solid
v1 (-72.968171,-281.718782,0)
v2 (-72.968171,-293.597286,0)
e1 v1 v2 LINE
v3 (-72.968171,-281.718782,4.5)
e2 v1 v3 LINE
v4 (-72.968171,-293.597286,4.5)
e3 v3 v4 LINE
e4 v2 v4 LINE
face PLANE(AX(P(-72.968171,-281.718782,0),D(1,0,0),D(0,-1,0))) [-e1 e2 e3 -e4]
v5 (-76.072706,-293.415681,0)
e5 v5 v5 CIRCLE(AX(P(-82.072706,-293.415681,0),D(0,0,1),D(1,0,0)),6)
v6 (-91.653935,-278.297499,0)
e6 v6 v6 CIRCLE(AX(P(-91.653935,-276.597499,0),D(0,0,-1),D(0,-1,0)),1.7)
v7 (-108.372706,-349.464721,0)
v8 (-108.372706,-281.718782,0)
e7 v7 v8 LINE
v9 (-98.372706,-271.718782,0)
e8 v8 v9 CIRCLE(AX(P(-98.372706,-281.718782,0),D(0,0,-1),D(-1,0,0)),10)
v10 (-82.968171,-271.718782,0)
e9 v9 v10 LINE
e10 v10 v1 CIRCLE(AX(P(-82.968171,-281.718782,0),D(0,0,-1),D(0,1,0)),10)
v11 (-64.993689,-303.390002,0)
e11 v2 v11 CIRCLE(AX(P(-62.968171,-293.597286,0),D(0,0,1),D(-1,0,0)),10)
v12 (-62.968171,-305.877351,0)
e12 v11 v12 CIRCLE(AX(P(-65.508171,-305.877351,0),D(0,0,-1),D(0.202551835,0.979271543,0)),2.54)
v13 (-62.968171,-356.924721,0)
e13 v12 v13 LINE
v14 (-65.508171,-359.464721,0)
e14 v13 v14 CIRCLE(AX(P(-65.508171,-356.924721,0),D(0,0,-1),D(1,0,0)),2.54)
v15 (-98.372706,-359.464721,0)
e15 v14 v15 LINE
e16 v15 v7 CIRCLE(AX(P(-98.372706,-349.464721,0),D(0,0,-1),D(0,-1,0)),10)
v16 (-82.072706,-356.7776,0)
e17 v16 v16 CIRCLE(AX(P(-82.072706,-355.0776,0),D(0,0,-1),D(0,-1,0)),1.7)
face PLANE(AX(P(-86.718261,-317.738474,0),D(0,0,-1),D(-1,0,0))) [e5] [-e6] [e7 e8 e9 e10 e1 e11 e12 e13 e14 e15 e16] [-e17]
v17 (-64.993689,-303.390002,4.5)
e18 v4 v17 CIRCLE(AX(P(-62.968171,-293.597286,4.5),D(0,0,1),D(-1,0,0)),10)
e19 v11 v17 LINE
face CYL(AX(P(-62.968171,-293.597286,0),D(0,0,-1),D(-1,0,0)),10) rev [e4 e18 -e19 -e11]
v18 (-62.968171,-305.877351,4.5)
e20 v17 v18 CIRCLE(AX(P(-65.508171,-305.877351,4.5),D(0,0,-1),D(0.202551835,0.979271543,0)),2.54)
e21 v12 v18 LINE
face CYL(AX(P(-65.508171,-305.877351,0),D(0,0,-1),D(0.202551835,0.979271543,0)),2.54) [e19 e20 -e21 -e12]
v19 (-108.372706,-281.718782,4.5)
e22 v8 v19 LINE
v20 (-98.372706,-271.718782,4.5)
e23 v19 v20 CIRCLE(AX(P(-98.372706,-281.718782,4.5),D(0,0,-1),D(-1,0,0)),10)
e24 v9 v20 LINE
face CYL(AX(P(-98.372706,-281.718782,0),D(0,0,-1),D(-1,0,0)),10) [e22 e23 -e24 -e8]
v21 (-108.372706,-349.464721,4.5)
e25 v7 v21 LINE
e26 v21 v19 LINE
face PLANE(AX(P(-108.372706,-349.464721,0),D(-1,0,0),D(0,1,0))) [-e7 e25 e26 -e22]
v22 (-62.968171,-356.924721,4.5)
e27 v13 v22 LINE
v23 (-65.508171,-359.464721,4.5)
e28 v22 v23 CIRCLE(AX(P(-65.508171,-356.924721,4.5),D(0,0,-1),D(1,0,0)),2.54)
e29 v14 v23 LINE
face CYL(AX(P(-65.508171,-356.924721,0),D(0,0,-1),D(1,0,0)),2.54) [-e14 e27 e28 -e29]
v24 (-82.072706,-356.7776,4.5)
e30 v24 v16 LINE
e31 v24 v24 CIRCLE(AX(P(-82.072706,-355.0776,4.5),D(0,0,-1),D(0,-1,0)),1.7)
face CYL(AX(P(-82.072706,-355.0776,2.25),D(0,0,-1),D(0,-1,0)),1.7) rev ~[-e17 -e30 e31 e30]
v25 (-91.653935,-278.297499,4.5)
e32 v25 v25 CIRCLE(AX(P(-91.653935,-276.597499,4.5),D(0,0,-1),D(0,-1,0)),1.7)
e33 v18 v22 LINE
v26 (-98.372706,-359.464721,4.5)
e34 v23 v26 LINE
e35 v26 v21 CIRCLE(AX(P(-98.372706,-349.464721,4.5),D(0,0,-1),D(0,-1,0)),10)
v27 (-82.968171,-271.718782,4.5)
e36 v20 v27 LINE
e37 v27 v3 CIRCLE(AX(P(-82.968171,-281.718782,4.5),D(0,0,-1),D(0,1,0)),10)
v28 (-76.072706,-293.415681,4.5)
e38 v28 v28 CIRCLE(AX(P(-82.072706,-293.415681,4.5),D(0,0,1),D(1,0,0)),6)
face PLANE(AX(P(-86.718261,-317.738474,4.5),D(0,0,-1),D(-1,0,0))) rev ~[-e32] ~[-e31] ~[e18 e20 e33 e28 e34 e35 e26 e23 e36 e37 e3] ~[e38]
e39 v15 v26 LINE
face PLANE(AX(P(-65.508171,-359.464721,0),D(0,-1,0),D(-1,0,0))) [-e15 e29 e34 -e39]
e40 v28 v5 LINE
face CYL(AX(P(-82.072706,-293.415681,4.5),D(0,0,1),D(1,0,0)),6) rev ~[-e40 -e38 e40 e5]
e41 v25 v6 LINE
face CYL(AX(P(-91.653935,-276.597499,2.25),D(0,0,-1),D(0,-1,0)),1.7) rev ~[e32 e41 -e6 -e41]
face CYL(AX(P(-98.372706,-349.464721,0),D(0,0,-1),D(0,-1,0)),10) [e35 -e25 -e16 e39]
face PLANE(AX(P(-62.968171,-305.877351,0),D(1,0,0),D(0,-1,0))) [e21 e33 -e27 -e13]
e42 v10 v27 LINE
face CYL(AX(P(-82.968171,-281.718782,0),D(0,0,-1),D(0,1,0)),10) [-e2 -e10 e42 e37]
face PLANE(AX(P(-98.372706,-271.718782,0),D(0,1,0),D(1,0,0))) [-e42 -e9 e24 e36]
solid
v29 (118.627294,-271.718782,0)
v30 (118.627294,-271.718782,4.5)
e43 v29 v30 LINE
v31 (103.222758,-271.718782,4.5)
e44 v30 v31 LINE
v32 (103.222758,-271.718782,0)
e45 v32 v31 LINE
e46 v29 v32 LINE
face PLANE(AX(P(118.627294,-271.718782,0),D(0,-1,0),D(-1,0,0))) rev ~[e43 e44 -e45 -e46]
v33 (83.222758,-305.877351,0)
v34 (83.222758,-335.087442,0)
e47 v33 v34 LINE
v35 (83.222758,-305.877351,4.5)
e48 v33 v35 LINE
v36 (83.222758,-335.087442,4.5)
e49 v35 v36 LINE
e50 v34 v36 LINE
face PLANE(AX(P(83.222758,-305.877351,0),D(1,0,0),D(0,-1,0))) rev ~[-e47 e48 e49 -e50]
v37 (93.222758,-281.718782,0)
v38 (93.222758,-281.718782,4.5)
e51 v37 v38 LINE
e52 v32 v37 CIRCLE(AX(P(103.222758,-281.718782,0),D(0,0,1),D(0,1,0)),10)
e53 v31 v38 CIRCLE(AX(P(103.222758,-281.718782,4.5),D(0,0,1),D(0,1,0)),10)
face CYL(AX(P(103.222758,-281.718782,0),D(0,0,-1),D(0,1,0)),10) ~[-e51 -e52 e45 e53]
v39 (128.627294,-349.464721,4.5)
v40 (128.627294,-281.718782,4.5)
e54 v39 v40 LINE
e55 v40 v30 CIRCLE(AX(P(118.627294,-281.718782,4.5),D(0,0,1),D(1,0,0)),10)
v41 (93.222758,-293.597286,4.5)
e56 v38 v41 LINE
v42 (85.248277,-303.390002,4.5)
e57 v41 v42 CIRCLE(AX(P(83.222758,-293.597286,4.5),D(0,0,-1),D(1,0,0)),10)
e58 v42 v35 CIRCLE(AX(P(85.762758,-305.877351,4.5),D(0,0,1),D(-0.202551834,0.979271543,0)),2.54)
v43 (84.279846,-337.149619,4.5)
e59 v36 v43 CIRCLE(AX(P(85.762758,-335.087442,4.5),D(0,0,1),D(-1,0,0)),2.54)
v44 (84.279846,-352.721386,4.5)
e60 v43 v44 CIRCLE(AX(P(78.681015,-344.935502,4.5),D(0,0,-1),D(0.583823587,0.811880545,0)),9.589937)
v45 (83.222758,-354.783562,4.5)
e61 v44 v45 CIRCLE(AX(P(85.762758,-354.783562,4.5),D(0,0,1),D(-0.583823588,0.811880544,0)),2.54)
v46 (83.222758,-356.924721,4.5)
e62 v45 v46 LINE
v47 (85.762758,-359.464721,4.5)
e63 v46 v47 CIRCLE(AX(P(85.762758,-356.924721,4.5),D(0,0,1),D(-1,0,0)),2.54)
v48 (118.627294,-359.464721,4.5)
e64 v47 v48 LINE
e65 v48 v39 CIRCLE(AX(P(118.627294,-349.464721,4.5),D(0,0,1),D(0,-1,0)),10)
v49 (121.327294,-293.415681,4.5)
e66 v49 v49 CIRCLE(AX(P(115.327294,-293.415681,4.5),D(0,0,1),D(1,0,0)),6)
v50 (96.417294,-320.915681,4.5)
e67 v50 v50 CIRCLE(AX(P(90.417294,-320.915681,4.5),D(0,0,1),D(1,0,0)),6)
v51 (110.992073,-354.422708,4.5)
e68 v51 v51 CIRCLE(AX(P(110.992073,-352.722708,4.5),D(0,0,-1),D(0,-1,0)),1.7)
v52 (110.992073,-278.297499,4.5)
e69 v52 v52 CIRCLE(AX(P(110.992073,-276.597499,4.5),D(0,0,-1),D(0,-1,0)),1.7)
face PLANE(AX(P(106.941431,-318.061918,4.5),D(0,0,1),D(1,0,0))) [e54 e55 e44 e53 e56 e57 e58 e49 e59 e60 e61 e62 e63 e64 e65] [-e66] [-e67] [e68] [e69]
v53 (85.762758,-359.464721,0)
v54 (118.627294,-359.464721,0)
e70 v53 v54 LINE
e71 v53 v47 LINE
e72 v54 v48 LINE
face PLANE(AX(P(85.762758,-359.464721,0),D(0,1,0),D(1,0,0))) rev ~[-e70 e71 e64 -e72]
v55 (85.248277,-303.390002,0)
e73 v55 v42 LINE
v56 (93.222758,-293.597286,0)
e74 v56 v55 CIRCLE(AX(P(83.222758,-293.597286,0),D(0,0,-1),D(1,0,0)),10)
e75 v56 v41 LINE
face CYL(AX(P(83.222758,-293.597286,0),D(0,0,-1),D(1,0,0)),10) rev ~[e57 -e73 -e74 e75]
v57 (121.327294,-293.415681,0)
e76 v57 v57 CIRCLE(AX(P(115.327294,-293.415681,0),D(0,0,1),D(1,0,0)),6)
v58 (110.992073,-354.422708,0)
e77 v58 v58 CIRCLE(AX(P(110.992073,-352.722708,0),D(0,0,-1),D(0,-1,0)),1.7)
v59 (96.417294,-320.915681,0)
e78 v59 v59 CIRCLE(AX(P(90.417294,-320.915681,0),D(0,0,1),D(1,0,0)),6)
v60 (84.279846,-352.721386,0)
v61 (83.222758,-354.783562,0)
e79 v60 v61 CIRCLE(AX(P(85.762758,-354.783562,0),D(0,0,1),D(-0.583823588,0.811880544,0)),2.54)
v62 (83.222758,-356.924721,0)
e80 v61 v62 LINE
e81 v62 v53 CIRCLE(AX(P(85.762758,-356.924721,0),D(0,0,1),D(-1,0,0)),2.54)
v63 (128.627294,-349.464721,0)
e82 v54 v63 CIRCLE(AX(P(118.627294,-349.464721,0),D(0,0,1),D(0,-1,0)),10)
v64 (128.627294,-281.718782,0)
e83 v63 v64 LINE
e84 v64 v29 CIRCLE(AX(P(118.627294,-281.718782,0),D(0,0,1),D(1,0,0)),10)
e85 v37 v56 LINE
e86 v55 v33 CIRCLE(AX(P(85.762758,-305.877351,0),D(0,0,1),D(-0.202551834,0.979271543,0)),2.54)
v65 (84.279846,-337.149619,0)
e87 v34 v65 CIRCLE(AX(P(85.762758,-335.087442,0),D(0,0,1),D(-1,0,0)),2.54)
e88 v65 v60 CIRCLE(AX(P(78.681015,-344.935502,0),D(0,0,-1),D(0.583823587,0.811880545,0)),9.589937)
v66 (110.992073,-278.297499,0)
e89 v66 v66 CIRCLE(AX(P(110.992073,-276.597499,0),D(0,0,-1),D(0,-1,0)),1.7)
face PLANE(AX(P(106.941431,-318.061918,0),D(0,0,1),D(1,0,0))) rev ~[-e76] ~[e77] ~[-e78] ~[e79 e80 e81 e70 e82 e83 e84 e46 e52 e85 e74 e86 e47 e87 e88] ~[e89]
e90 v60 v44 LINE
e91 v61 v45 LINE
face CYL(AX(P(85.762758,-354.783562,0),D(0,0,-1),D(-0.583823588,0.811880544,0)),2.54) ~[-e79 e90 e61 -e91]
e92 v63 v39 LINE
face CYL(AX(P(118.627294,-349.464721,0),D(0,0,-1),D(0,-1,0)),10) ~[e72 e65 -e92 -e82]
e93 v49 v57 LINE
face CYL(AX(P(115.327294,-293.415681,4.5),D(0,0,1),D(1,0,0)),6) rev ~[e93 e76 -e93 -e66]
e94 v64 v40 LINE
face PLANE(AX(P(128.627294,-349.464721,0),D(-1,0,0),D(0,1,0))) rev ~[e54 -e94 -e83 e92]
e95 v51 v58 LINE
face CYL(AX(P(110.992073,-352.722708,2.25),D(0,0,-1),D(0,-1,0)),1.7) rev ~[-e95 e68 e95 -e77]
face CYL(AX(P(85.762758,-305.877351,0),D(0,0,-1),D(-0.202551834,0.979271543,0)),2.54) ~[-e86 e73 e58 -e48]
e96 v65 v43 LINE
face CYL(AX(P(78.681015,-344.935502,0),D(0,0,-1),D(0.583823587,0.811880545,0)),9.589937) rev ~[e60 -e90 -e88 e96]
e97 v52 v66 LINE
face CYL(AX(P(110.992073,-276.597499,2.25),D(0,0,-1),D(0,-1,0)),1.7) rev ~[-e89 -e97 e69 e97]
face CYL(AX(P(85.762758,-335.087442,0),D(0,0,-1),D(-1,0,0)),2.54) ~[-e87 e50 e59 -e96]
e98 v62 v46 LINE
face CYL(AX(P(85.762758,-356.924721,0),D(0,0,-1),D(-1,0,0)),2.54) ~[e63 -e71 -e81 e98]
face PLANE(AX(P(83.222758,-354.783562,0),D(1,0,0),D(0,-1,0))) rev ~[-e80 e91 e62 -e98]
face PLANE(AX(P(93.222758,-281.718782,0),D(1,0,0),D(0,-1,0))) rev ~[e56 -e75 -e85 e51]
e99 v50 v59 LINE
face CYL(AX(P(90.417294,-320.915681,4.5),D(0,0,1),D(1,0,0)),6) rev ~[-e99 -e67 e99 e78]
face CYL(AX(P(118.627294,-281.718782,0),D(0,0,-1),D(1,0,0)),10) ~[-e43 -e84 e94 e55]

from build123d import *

# Parameters (mm, degrees)
BOSS_EXTRUDE1_DEPTH           = 4.5
BOSS_EXTRUDE1_2_DEPTH         = 4.5
SKETCH2_W                     = 1.7
SKETCH2_H                     = 4.5
M3_CLEARANCE_HOLE1_AT_2_COUNT = 2
M3_CLEARANCE_HOLE1_AT_2_PITCH = 197.4
M3_CLEARANCE_HOLE1_AT_3_COUNT = 2
M3_CLEARANCE_HOLE1_AT_3_PITCH = 37.104691078
M3_CLEARANCE_HOLE1_AT_4_COUNT = 2
M3_CLEARANCE_HOLE1_AT_4_PITCH = 206.806557667
SKETCH4_R                     = 6
CUT_EXTRUDE1_DEPTH            = 10
SKETCH5_W                     = 1.7
SKETCH5_H                     = 4.5
M3_CLEARANCE_HOLE2_AT_2_COUNT = 2
M3_CLEARANCE_HOLE2_AT_2_PITCH = 76.125208572
M3_CLEARANCE_HOLE2_AT_3_COUNT = 2
M3_CLEARANCE_HOLE2_AT_3_PITCH = 202.646007696


with BuildPart() as part:
    # Sketch1 → Boss-Extrude1 (new body)
    with BuildSketch(Plane.XY):
        with BuildLine():
            Line((83.222758289, -305.87735135), (83.222758289, -335.087441965))
            ThreePointArc((83.222758289, -335.087441965), (83.502426869, -336.246105795), (84.279846376, -337.149618548))
            ThreePointArc((84.279846376, -337.149618548), (88.270952069, -344.935502047), (84.279846376, -352.721385546))
            ThreePointArc((84.279846376, -352.721385546), (83.502426869, -353.624898299), (83.222758289, -354.78356213))
            Line((83.222758289, -354.78356213), (83.222758289, -356.924720764))
            ThreePointArc((83.222758289, -356.924720764), (83.966707064, -358.720771988), (85.762758289, -359.464720764))
            Line((85.762758289, -359.464720764), (118.627293893, -359.464720764))
            ThreePointArc((118.627293893, -359.464720764), (125.698361705, -356.535788576), (128.627293893, -349.464720764))
            Line((128.627293893, -349.464720764), (128.627293893, -281.718782294))
            ThreePointArc((128.627293893, -281.718782294), (125.698361705, -274.647714482), (118.627293893, -271.718782294))
            Line((118.627293893, -271.718782294), (103.222758289, -271.718782294))
            ThreePointArc((103.222758289, -271.718782294), (96.151690477, -274.647714482), (93.222758289, -281.718782294))
            Line((93.222758289, -281.718782294), (93.222758289, -293.597286204))
            ThreePointArc((93.222758289, -293.597286204), (90.976956616, -299.911746457), (85.24827663, -303.390001631))
            ThreePointArc((85.24827663, -303.390001631), (83.793191913, -304.273478446), (83.222758289, -305.87735135))
        make_face()
    extrude(amount=BOSS_EXTRUDE1_DEPTH)

    # Sketch2 → M3 Clearance Hole1 (revolve, cut)
    with BuildSketch(Plane(origin=(115.327293893, -293.415681156, 4.5), x_dir=(0, -1, 0), z_dir=(1, 0, 0))):
        with Locations((0.85, 2.25)):
            Rectangle(SKETCH2_W, SKETCH2_H)
    m3_clearance_hole1 = revolve(axis=Axis((115.327293893, -293.415681156, 10.85), (0, 0, -1)), mode=Mode.SUBTRACT)

    # M3 Clearance Hole1 at 3: M3 Clearance Hole1 ×2
    with Locations(*[Vector(-0.671343684, -0.741146179, 0) * (i * M3_CLEARANCE_HOLE1_AT_3_PITCH) for i in range(1, M3_CLEARANCE_HOLE1_AT_3_COUNT)]):
        add(m3_clearance_hole1, mode=Mode.SUBTRACT)


with BuildPart() as body_2:
    # Sketch1 → Boss-Extrude1 2 (new body)
    with BuildSketch(Plane.XY):
        with BuildLine():
            Line((-62.968170503, -305.87735135), (-62.968170503, -356.924720764))
            ThreePointArc((-62.968170503, -356.924720764), (-63.712119279, -358.720771988), (-65.508170503, -359.464720764))
            Line((-65.508170503, -359.464720764), (-98.372706107, -359.464720764))
            ThreePointArc((-98.372706107, -359.464720764), (-105.443773919, -356.535788576), (-108.372706107, -349.464720764))
            Line((-108.372706107, -349.464720764), (-108.372706107, -281.718782294))
            ThreePointArc((-108.372706107, -281.718782294), (-105.443773919, -274.647714482), (-98.372706107, -271.718782294))
            Line((-98.372706107, -271.718782294), (-82.968170503, -271.718782294))
            ThreePointArc((-82.968170503, -271.718782294), (-75.897102691, -274.647714482), (-72.968170503, -281.718782294))
            Line((-72.968170503, -281.718782294), (-72.968170503, -293.597286204))
            ThreePointArc((-72.968170503, -293.597286204), (-70.722368831, -299.911746457), (-64.993688844, -303.390001631))
            ThreePointArc((-64.993688844, -303.390001631), (-63.538604128, -304.273478446), (-62.968170503, -305.87735135))
        make_face()
    extrude(amount=BOSS_EXTRUDE1_2_DEPTH)

    # M3 Clearance Hole1 at 2: M3 Clearance Hole1 ×2
    with Locations(*[(-i * M3_CLEARANCE_HOLE1_AT_2_PITCH, 0, 0) for i in range(1, M3_CLEARANCE_HOLE1_AT_2_COUNT)]):
        add(m3_clearance_hole1, mode=Mode.SUBTRACT)

    # M3 Clearance Hole1 at 4: M3 Clearance Hole1 ×2
    with Locations(*[Vector(-0.954515187, -0.298162302, 0) * (i * M3_CLEARANCE_HOLE1_AT_4_PITCH) for i in range(1, M3_CLEARANCE_HOLE1_AT_4_COUNT)]):
        add(m3_clearance_hole1, mode=Mode.SUBTRACT)


with BuildPart() as cut_extrude1_tool:
    # Sketch4 → Cut-Extrude1 (new body)
    with BuildSketch(Plane.XY.offset(4.5)):
        with Locations((115.327293893, -293.415681156)):
            Circle(SKETCH4_R)
        with Locations((90.417293893, -320.915681156)):
            Circle(SKETCH4_R)
        with Locations((-82.072706107, -293.415681156)):
            Circle(SKETCH4_R)
    extrude(amount=-CUT_EXTRUDE1_DEPTH)


with BuildPart() as part_1:
    add(part.part)

    # Cut-Extrude1: cut by cut_extrude1_tool
    add(cut_extrude1_tool.part, mode=Mode.SUBTRACT)

    # Sketch5 → M3 Clearance Hole2 (revolve, cut)
    with BuildSketch(Plane(origin=(110.992072638, -276.597499362, 4.5), x_dir=(0, -1, 0), z_dir=(1, 0, 0))):
        with Locations((0.85, 2.25)):
            Rectangle(SKETCH5_W, SKETCH5_H)
    m3_clearance_hole2 = revolve(axis=Axis((110.992072638, -276.597499362, 10.85), (0, 0, -1)), mode=Mode.SUBTRACT)

    # M3 Clearance Hole2 at 2: M3 Clearance Hole2 ×2
    with Locations(*[(0, -i * M3_CLEARANCE_HOLE2_AT_2_PITCH, 0) for i in range(1, M3_CLEARANCE_HOLE2_AT_2_COUNT)]):
        add(m3_clearance_hole2, mode=Mode.SUBTRACT)


with BuildPart() as body_2_1:
    add(body_2.part)

    # Cut-Extrude1: cut by cut_extrude1_tool
    add(cut_extrude1_tool.part, mode=Mode.SUBTRACT)

    # M3 Clearance Hole2 at 3: M3 Clearance Hole2 ×2
    with Locations(*[(-i * M3_CLEARANCE_HOLE2_AT_3_PITCH, 0, 0) for i in range(1, M3_CLEARANCE_HOLE2_AT_3_COUNT)]):
        add(m3_clearance_hole2, mode=Mode.SUBTRACT)


solid = Compound([part_1.part, body_2_1.part])
